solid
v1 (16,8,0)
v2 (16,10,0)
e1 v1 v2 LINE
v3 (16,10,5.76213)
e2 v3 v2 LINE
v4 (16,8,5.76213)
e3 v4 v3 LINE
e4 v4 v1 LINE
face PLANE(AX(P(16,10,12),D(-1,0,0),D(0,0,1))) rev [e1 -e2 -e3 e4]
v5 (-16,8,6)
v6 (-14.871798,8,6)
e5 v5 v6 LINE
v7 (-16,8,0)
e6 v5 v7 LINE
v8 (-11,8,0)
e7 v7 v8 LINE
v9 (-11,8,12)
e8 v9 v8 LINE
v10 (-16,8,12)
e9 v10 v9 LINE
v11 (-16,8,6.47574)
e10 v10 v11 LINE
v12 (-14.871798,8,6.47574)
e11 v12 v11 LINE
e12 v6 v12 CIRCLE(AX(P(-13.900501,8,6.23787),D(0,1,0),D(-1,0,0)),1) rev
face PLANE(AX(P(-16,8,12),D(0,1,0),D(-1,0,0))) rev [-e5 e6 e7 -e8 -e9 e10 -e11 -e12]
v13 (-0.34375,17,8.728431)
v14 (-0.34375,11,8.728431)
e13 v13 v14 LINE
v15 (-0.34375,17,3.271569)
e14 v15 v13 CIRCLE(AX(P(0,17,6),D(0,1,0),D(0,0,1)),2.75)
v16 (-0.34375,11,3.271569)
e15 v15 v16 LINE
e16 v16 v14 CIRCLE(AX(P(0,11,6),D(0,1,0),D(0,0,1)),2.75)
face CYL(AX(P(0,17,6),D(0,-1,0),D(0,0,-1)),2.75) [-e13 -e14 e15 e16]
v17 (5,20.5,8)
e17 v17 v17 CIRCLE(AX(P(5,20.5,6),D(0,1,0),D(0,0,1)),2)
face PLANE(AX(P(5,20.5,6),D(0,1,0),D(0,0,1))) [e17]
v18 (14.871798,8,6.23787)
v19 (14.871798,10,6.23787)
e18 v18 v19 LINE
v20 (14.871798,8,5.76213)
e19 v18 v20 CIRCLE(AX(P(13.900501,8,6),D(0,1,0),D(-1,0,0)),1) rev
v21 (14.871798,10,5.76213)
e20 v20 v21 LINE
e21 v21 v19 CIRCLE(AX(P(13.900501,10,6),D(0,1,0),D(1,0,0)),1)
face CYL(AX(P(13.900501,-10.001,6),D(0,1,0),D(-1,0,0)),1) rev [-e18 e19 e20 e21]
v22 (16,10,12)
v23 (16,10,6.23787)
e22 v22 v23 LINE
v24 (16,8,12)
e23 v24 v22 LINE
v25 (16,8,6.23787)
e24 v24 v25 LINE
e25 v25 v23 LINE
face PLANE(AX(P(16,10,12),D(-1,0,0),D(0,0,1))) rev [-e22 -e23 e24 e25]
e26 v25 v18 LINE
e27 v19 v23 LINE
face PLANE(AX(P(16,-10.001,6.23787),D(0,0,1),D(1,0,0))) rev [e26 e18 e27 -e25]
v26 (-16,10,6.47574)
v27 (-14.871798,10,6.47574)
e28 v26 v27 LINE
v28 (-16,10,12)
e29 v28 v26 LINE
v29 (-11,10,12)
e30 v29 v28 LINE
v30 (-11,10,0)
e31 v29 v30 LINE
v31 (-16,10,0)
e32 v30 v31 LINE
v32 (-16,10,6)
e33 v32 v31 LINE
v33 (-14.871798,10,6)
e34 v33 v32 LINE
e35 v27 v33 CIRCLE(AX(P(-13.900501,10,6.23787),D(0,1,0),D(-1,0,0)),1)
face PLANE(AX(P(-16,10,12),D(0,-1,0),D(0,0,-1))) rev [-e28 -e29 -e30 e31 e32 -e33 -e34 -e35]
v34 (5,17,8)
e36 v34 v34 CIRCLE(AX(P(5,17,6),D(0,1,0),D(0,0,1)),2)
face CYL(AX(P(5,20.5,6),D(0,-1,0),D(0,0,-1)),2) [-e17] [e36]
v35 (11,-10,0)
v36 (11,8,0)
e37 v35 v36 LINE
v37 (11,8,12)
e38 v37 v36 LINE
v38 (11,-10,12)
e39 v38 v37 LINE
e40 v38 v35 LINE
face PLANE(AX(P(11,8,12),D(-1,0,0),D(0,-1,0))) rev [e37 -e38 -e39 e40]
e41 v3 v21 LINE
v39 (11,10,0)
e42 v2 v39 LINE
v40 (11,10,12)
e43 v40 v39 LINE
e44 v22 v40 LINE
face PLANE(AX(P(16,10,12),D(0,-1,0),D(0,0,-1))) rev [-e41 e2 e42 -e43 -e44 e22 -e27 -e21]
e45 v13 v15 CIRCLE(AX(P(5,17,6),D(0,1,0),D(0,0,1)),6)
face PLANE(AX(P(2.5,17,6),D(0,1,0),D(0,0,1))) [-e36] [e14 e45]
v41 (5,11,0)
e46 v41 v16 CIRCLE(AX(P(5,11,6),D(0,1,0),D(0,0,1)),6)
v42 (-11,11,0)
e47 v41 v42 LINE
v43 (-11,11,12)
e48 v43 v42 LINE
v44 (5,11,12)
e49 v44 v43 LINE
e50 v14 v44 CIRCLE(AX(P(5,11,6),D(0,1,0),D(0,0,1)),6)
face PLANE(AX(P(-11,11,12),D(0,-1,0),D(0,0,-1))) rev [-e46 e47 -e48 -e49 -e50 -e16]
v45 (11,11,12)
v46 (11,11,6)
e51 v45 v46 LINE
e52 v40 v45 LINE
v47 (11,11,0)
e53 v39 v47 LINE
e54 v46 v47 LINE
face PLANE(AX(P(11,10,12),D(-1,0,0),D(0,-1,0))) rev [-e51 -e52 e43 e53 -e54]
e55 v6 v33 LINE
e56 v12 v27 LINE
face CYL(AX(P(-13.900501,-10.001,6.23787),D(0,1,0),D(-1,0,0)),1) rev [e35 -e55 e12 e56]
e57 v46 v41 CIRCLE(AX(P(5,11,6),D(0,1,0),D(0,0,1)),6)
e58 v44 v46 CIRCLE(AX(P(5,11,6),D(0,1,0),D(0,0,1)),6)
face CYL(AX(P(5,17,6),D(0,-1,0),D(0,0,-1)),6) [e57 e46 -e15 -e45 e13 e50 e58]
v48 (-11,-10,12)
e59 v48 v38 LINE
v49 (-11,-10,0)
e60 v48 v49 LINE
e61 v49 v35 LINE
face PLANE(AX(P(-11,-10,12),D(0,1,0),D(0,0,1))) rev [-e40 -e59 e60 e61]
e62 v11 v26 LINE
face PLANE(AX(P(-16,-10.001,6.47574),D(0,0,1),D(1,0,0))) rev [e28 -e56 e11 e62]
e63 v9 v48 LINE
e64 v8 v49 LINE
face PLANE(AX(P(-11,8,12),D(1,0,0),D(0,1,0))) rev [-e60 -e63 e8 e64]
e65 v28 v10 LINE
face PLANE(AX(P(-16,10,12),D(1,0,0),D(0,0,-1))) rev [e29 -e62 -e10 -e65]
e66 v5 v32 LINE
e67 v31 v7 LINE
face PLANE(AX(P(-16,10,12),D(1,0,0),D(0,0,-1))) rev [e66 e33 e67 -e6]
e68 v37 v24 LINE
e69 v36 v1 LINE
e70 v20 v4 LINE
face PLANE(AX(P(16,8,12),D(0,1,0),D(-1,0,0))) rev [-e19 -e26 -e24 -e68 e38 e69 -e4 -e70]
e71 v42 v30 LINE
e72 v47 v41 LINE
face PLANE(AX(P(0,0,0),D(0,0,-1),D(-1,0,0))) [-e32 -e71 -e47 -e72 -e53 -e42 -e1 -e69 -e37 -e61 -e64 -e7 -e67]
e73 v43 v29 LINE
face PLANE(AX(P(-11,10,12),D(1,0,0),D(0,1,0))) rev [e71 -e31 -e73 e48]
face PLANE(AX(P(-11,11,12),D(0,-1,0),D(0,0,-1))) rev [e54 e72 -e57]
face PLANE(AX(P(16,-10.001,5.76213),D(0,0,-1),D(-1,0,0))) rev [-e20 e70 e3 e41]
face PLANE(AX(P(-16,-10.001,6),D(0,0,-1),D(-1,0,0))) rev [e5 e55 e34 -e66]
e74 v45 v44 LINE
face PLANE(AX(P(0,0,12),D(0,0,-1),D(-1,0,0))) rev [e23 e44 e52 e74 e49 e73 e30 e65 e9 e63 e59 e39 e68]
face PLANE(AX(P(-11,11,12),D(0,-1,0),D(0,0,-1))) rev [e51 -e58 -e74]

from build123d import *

# Parameters (mm, degrees)
BOSS_EXTRUDE1_DEPTH = 12
CUT_EXTRUDE1_REACH  = 22
BOSS_EXTRUDE2_DEPTH = 6
SKETCH4_R           = 2
BOSS_EXTRUDE3_DEPTH = 3.5


with BuildPart() as part:
    # Sketch1 → Boss-Extrude1 (new body)
    with BuildSketch(Plane.XY):
        Polygon((-16, 10), (-16, 8), (-11, 8), (-11, -10), (11, -10), (11, 8), (16, 8), (16, 10), (11, 10), (11, 11), (-11, 11), (-11, 10), align=None)
    extrude(amount=BOSS_EXTRUDE1_DEPTH)

    # Sketch2 → Cut-Extrude1 (cut, up to next)
    with BuildSketch(Plane(origin=(0, 10, 0), x_dir=(1, 0, 0), z_dir=(0, 1, 0)), mode=Mode.PRIVATE) as cut_extrude1_sk1:
        with BuildLine():
            Line((-16, -6), (-14.871798323, -6))
            ThreePointArc((-14.871798323, -6), (-12.900501279, -6.237869823), (-14.871798323, -6.475739646))
            Line((-14.871798323, -6.475739646), (-16, -6.475739646))
            Line((-16, -6.475739646), (-16, -6))
        make_face()
    cut_extrude1_tool1 = extrude(cut_extrude1_sk1.sketch, amount=-CUT_EXTRUDE1_REACH, mode=Mode.PRIVATE) & part.part
    add(cut_extrude1_tool1.solids().sort_by_distance((-14.122654, 10, 6.23787))[0], mode=Mode.SUBTRACT)
    # Sketch2 → Cut-Extrude1 (cut, up to next)
    with BuildSketch(Plane(origin=(0, 10, 0), x_dir=(1, 0, 0), z_dir=(0, 1, 0)), mode=Mode.PRIVATE) as cut_extrude1_sk2:
        with BuildLine():
            Line((16, -6.237869823), (14.871798323, -6.237869823))
            ThreePointArc((14.871798323, -6.237869823), (12.900501279, -6), (14.871798323, -5.762130177))
            Line((14.871798323, -5.762130177), (16, -5.762130177))
            Line((16, -5.762130177), (16, -6.237869823))
        make_face()
    cut_extrude1_tool2 = extrude(cut_extrude1_sk2.sketch, amount=-CUT_EXTRUDE1_REACH, mode=Mode.PRIVATE) & part.part
    add(cut_extrude1_tool2.solids().sort_by_distance((14.122654, 10, 6))[0], mode=Mode.SUBTRACT)

    # Sketch3 → Boss-Extrude2 (add)
    with BuildSketch(Plane(origin=(0, 11, 0), x_dir=(1, 0, 0), z_dir=(0, 1, 0))):
        with BuildLine():
            ThreePointArc((-0.34375, -8.72843104), (11, -6), (-0.34375, -3.27156896))
            ThreePointArc((-0.34375, -3.27156896), (-2.75, -6), (-0.34375, -8.72843104))
        make_face()
    extrude(amount=BOSS_EXTRUDE2_DEPTH)

    # Sketch4 → Boss-Extrude3 (add)
    with BuildSketch(Plane(origin=(0, 17, 0), x_dir=(1, 0, 0), z_dir=(0, 1, 0))):
        with Locations((5, -6)):
            Circle(SKETCH4_R)
    extrude(amount=BOSS_EXTRUDE3_DEPTH)


solid = part.part
